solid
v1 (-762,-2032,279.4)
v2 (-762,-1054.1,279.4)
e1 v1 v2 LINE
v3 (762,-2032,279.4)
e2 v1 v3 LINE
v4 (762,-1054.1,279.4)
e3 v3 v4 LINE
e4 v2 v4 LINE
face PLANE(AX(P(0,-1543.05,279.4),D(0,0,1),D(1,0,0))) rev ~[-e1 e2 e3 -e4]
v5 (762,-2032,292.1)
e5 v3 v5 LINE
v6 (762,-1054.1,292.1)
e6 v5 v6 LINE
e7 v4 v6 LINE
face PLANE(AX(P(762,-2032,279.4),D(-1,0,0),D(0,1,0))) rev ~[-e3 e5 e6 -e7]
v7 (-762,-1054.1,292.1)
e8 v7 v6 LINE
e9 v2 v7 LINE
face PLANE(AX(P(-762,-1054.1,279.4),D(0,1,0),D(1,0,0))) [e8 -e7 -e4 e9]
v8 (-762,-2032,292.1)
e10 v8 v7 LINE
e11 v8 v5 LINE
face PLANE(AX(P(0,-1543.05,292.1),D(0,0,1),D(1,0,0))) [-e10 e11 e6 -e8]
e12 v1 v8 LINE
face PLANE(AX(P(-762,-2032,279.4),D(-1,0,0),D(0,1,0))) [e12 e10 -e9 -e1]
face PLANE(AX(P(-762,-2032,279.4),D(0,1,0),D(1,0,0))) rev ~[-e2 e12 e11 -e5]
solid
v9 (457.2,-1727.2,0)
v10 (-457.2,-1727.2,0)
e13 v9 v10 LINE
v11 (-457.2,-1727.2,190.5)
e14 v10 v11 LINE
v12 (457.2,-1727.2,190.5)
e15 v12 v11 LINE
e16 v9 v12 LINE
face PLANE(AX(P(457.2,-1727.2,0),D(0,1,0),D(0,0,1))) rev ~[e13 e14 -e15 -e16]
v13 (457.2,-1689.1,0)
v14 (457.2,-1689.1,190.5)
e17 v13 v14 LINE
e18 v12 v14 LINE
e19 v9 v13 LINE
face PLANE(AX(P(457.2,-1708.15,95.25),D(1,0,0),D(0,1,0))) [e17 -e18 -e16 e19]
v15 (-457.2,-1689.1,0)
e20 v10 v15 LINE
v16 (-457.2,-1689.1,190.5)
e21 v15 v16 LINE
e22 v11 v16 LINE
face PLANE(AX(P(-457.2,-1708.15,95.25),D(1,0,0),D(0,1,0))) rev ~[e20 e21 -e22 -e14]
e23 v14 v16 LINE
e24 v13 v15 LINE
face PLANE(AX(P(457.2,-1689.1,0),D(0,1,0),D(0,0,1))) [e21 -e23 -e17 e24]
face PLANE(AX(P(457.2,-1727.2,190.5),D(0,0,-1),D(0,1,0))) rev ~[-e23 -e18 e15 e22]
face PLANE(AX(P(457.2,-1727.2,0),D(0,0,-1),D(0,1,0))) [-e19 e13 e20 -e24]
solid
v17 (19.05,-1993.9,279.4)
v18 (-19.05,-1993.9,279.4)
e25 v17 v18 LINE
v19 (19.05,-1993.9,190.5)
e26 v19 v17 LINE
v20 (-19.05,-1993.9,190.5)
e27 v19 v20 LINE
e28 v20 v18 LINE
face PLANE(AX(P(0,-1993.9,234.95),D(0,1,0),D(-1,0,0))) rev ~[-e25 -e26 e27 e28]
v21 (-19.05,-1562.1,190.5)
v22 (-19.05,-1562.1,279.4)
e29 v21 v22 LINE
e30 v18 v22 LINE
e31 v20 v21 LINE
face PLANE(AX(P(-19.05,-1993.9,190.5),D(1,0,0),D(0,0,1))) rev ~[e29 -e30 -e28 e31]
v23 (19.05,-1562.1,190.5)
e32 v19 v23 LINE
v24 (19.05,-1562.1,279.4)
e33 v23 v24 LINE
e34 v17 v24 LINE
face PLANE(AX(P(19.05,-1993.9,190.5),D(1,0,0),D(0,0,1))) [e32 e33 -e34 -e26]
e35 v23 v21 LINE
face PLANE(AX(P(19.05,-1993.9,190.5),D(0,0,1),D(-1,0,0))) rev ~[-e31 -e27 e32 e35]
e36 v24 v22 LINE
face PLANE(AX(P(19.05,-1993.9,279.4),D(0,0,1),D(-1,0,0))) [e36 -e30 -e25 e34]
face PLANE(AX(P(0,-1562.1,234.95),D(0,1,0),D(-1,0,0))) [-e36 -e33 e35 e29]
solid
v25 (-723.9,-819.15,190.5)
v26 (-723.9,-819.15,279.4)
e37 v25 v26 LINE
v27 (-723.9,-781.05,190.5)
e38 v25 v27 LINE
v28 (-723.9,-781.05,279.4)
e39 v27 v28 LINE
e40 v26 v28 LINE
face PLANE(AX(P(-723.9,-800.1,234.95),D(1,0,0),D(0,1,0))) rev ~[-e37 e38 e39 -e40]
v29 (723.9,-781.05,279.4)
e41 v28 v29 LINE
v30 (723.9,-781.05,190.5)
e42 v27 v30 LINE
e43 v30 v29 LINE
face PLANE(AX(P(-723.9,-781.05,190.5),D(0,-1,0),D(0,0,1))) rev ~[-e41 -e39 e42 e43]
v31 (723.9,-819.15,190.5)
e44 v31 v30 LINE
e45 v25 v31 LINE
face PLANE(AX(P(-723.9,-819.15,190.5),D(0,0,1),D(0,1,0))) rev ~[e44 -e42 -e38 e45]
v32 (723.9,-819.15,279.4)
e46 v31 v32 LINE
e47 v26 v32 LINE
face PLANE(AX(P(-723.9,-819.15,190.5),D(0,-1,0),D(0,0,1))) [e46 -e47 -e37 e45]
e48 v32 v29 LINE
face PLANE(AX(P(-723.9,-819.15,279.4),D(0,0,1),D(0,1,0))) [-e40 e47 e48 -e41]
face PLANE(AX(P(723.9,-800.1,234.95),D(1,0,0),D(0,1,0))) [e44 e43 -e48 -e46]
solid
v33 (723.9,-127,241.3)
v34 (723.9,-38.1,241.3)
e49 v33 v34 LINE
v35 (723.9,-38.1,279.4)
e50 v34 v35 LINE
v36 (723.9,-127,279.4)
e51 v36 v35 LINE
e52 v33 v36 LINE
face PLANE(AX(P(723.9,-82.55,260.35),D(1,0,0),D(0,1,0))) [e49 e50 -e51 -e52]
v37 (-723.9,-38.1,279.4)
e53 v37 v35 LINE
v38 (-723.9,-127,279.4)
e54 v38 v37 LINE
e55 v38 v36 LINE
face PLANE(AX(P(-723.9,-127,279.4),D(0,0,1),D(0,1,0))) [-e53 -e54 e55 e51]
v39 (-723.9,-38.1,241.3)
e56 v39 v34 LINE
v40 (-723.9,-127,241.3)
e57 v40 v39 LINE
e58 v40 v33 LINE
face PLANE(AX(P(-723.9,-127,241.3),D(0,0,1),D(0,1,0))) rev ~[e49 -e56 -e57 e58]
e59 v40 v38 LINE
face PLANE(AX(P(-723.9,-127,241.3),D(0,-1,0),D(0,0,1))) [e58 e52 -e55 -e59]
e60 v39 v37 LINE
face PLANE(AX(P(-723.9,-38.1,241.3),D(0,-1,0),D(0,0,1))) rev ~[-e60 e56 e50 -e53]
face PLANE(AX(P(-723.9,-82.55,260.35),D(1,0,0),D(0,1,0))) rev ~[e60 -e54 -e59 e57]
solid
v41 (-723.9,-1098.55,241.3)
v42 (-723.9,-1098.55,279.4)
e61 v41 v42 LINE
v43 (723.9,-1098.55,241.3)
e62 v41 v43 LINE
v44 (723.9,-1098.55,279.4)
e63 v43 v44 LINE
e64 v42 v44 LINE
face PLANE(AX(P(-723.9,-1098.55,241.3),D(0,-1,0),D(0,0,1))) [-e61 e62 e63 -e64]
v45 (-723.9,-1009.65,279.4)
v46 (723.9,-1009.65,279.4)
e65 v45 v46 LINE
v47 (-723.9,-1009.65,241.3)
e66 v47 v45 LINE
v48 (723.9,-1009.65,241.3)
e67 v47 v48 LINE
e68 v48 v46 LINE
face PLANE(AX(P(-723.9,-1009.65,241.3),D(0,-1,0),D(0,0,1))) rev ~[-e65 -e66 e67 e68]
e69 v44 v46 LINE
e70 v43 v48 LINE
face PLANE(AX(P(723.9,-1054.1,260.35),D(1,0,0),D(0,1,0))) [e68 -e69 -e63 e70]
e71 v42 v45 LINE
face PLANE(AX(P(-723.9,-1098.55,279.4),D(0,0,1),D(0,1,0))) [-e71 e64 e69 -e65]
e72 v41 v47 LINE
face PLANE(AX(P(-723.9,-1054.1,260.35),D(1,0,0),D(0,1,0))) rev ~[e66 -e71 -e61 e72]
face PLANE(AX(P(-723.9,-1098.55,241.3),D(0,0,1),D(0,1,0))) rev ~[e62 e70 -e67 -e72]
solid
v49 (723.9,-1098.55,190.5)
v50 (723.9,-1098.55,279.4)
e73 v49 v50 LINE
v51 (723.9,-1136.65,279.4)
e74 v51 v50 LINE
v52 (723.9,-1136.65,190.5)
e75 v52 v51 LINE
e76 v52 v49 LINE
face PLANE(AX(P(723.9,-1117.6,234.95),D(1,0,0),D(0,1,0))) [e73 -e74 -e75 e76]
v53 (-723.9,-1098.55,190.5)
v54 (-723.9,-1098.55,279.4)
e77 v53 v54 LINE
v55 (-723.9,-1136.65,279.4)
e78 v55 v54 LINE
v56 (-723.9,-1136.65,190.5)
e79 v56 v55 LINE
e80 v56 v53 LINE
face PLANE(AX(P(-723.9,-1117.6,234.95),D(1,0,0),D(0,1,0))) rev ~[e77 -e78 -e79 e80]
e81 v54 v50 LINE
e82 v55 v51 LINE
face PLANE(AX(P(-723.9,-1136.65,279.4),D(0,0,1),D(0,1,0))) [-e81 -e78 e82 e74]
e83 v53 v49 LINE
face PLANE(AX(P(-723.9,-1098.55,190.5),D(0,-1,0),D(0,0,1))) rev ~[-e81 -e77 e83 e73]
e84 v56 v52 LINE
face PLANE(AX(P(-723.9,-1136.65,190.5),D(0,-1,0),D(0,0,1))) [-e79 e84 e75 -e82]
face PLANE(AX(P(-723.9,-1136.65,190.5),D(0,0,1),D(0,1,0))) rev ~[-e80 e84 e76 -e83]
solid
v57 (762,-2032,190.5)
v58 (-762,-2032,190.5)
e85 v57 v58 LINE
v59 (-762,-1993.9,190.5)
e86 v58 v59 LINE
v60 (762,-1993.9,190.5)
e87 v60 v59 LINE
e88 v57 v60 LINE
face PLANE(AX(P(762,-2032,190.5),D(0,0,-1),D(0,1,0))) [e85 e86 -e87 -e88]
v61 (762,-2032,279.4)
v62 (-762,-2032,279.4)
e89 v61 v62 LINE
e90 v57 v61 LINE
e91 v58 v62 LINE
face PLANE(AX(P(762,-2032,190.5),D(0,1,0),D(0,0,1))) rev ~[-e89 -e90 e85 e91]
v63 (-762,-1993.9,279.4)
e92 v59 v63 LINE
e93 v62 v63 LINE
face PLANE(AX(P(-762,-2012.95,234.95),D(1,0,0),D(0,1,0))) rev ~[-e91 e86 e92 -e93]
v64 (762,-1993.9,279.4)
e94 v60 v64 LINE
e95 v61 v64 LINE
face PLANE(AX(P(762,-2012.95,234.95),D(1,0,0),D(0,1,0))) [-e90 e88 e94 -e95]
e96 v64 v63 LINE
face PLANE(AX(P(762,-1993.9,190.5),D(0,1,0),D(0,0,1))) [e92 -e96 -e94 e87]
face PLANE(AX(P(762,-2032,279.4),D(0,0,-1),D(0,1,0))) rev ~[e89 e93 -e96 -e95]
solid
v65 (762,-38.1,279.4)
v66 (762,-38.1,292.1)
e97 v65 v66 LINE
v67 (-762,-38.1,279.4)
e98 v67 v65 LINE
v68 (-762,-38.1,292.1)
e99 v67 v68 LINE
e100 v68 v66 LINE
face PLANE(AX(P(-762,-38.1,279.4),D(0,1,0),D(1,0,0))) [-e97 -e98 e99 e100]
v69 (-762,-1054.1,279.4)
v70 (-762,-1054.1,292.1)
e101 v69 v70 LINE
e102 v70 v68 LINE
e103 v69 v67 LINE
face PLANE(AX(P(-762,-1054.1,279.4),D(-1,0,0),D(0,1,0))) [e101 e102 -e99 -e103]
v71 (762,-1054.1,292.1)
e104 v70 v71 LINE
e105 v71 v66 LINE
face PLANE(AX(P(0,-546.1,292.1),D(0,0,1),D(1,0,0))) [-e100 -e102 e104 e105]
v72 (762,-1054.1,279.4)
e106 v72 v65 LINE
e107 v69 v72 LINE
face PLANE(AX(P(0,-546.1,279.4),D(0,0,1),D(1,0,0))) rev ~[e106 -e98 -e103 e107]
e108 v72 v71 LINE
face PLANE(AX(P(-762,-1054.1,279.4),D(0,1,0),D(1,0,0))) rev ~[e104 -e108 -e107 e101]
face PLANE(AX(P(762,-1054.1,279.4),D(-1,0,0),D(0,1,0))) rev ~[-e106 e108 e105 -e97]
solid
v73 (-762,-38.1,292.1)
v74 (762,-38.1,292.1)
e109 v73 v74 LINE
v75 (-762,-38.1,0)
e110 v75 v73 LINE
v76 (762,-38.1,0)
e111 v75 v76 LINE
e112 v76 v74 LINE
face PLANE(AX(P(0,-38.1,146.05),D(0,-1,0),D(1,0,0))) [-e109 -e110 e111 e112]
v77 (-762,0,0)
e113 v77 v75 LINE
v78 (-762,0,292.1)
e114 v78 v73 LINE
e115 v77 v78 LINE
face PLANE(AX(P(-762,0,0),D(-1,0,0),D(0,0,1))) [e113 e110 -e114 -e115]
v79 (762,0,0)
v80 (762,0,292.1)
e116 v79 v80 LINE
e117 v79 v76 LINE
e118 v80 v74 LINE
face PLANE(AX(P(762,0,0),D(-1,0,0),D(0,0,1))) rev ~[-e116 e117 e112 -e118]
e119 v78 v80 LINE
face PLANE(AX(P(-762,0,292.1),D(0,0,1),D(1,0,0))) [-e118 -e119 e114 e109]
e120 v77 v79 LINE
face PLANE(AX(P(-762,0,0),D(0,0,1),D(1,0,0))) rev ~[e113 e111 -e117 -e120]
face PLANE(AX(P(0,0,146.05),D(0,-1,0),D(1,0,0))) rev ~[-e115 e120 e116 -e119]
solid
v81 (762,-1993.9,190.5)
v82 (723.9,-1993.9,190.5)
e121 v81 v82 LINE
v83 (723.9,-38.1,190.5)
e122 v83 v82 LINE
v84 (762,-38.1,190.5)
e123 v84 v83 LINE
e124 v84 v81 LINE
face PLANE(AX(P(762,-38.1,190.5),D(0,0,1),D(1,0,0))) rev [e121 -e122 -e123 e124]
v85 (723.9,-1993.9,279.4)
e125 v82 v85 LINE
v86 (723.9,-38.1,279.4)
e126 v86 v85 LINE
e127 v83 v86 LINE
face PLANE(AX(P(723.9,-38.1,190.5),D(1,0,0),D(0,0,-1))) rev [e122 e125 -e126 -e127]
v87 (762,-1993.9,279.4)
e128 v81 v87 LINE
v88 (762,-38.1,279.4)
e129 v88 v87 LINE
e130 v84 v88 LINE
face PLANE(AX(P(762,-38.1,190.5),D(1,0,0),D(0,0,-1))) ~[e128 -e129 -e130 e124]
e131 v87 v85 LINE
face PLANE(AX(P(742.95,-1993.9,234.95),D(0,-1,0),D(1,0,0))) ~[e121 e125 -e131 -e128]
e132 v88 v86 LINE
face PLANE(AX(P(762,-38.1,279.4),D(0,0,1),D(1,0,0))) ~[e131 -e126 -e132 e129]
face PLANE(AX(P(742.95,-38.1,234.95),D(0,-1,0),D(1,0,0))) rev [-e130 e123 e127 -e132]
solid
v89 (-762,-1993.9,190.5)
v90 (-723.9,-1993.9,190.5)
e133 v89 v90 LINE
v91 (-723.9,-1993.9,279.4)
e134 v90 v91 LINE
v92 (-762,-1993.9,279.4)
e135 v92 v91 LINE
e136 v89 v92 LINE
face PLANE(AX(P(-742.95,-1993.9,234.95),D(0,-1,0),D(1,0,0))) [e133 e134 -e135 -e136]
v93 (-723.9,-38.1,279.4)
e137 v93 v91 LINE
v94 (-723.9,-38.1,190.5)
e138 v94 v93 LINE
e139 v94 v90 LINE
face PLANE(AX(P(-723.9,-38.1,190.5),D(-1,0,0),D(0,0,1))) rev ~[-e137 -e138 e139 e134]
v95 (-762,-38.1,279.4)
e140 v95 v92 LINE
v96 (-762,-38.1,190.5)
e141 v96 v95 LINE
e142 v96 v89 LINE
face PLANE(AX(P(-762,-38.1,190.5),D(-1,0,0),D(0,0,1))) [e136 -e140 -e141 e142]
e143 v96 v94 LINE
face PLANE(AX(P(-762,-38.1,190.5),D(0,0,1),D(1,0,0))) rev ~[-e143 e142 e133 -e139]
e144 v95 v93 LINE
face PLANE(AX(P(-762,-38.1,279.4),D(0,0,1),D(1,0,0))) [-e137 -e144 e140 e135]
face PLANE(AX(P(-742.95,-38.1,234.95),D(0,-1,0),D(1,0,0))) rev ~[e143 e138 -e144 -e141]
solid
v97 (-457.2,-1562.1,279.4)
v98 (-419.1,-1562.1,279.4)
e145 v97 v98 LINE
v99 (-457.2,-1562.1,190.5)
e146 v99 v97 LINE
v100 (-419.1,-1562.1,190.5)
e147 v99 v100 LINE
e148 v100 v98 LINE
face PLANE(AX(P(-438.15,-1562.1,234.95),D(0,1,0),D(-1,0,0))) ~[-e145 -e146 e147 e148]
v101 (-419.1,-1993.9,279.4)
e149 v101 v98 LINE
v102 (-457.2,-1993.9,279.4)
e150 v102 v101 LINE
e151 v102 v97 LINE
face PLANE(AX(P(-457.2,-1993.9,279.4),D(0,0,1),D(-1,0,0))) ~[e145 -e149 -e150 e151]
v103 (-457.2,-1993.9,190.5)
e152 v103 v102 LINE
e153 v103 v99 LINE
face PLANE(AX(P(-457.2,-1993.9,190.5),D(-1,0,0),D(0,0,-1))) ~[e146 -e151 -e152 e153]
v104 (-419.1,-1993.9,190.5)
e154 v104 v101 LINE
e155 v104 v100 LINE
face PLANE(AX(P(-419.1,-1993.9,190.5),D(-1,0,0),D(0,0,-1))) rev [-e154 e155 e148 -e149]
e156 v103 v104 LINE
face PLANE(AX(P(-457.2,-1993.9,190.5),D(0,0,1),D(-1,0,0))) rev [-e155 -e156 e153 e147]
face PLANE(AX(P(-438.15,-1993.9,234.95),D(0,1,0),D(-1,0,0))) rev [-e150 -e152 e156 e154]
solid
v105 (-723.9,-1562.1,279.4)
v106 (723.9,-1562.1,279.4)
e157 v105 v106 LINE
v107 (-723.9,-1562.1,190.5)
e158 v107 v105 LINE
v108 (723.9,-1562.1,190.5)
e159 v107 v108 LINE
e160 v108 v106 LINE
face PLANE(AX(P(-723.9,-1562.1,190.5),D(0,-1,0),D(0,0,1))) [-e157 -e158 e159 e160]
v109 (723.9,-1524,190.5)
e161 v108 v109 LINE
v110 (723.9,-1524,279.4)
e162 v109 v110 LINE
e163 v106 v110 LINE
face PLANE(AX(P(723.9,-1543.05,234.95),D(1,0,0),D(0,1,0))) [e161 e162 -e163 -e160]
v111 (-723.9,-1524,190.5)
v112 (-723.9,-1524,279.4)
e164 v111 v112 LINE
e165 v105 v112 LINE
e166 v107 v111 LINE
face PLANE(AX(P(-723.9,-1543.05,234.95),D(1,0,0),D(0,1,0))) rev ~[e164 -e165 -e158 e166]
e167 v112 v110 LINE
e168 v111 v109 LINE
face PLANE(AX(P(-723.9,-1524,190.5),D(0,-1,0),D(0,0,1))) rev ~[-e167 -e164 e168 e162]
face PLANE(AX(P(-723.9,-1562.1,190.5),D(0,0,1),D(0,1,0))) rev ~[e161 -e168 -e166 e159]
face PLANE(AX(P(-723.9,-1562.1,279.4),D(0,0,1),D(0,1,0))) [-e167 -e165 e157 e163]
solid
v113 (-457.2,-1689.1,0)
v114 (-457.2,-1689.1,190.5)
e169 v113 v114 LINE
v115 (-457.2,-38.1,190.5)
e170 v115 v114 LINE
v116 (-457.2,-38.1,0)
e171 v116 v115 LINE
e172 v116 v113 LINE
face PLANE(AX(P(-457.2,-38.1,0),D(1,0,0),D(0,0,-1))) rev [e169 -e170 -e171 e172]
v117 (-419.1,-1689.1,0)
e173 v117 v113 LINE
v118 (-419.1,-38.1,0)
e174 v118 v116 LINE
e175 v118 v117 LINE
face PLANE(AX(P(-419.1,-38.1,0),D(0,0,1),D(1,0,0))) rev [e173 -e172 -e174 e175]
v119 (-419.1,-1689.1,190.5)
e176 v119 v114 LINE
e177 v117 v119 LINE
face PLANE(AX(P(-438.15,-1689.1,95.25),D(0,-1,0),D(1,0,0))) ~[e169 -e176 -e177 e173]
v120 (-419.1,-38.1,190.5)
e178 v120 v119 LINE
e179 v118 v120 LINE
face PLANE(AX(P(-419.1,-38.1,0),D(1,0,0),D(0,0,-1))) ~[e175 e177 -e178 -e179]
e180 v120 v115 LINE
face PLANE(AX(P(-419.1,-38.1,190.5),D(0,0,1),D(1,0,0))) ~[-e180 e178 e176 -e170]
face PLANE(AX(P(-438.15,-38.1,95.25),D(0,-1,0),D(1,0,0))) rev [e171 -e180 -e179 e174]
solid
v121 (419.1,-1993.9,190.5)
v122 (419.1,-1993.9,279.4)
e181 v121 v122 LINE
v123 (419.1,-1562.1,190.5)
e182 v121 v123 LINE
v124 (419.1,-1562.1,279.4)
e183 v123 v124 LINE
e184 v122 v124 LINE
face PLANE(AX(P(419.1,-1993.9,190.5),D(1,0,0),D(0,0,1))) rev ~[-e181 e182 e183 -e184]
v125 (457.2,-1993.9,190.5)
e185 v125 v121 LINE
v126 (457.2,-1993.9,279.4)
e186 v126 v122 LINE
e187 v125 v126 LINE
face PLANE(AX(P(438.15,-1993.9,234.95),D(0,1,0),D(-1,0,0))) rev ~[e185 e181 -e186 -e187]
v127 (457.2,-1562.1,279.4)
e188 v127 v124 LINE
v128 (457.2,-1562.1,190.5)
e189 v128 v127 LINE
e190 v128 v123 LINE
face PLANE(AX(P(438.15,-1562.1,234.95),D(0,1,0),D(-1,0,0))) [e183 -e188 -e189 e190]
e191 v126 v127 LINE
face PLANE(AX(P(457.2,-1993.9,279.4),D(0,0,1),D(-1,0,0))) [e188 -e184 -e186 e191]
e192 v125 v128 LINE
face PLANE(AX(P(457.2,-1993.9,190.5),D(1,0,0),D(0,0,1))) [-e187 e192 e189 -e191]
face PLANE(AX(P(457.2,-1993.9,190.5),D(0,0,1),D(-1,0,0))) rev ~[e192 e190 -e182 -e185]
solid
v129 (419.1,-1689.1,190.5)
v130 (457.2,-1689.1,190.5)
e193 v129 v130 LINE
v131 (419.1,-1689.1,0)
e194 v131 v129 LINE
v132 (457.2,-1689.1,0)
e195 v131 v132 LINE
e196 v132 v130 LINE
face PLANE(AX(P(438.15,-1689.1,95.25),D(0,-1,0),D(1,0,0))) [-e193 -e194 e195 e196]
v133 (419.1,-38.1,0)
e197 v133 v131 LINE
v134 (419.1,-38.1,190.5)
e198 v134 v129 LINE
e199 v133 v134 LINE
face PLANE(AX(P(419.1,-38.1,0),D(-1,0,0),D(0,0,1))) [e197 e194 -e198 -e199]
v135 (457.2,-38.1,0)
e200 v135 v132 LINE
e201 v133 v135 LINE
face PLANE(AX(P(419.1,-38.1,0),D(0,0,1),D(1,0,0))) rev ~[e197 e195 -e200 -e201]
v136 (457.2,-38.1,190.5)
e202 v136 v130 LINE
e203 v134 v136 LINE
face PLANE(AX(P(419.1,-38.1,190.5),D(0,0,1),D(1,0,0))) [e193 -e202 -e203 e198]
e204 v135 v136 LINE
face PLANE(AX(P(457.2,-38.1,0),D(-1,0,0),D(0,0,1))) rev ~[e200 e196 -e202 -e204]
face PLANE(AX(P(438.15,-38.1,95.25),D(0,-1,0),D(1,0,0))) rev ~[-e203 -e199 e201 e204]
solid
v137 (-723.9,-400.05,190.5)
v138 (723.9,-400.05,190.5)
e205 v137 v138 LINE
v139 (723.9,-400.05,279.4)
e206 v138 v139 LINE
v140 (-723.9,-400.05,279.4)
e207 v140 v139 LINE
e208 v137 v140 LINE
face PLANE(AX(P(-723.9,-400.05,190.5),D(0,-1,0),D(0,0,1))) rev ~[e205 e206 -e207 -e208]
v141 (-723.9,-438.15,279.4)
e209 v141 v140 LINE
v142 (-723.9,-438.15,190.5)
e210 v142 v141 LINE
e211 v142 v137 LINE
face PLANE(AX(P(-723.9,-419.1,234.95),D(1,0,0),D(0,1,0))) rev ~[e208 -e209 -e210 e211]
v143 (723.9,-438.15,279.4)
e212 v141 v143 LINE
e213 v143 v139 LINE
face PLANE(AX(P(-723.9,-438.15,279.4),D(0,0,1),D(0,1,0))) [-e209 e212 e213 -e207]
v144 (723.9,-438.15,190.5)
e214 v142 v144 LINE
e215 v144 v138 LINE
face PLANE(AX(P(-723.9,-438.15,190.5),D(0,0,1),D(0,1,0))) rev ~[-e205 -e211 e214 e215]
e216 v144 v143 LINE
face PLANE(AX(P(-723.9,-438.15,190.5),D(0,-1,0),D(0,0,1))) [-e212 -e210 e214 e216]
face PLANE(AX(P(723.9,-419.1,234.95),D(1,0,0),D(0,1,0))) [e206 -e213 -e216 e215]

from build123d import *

# Parameters (mm, degrees)
F0_W      = 1524
F0_H      = 292.1
F1_DEPTH  = 38.1
F2_W      = 38.1
F2_H      = 190.5
F3_DEPTH  = 1651
F5_W      = 38.1
F5_H      = 190.5
F6_DEPTH  = 914.4
F7_W      = 38.1
F7_H      = 88.9
F8_DEPTH  = 1955.8
F10_W     = 38.1
F10_H     = 88.9
F11_DEPTH = 1524
F12_W     = 38.1
F12_H     = 88.9
F13_DEPTH = 431.8
F15_W     = 38.1
F15_H     = 88.9
F16_DEPTH = 431.8
F17_W     = 38.1
F17_H     = 88.9
F18_DEPTH = 1447.8
F19_W     = 88.9
F19_H     = 38.1
F20_DEPTH = 1447.8
F21_W     = 38.1
F21_H     = 88.9
F22_DEPTH = 1447.8
F23_W     = 88.9
F23_H     = 38.1
F24_DEPTH = 1447.8
F25_W     = 38.1
F25_H     = 88.9
F26_DEPTH = 1447.8
F27_W     = 38.1
F27_H     = 88.9
F28_DEPTH = 1447.8
F29_W     = 1524
F29_H     = 977.9
F30_DEPTH = 12.7
F31_W     = 1524
F31_H     = 1016
F32_DEPTH = 12.7


with BuildPart() as f1:
    # F0 (on Front) → F1 (new body)
    with BuildSketch(Plane.XZ):
        with Locations((0, 146.05)):
            Rectangle(F0_W, F0_H)
    extrude(amount=F1_DEPTH)


with BuildPart() as f3:
    # F2 (on face) → F3 (new body)
    with BuildSketch(Plane.XZ.offset(38.1)):
        with Locations((438.15, 95.25)):
            Rectangle(F2_W, F2_H)
    extrude(amount=F3_DEPTH)


with BuildPart() as f4_1:
    # F4: instance of F3
    add(f3.part.mirror(Plane.YZ))


with BuildPart() as f6:
    # F5 (on face) → F6 (new body)
    with BuildSketch(Plane.YZ.offset(457.2)):
        with Locations((-1708.15, 95.25)):
            Rectangle(F5_W, F5_H)
    extrude(amount=-F6_DEPTH)


with BuildPart() as f8:
    # F7 (on face) → F8 (new body)
    with BuildSketch(Plane.XZ.offset(38.1)):
        with Locations((-742.95, 234.95)):
            Rectangle(F7_W, F7_H)
    extrude(amount=F8_DEPTH)


with BuildPart() as f9_1:
    # F9: instance of F8
    add(f8.part.mirror(Plane.YZ))


with BuildPart() as f11:
    # F10 (on face) → F11 (new body)
    with BuildSketch(Plane.YZ.offset(762)):
        with Locations((-2012.95, 234.95)):
            Rectangle(F10_W, F10_H)
    extrude(amount=-F11_DEPTH)


with BuildPart() as f13:
    # F12 (on face) → F13 (new body)
    with BuildSketch(Plane(origin=(0, -1993.9, 0), x_dir=(-1, 0, 0), z_dir=(0, 1, 0))):
        with Locations((-438.15, 234.95)):
            Rectangle(F12_W, F12_H)
    extrude(amount=F13_DEPTH)


with BuildPart() as f14_1:
    # F14: instance of F13
    add(f13.part.mirror(Plane.YZ))


with BuildPart() as f16:
    # F15 (on face) → F16 (new body)
    with BuildSketch(Plane(origin=(0, -1993.9, 0), x_dir=(-1, 0, 0), z_dir=(0, 1, 0))):
        with Locations((0, 234.95)):
            Rectangle(F15_W, F15_H)
    extrude(amount=F16_DEPTH)


with BuildPart() as f18:
    # F17 (on face) → F18 (new body)
    with BuildSketch(Plane.YZ.offset(-723.9)):
        with Locations((-1543.05, 234.95)):
            Rectangle(F17_W, F17_H)
    extrude(amount=F18_DEPTH)


with BuildPart() as f20:
    # F19 (on face) → F20 (new body)
    with BuildSketch(Plane.YZ.offset(-723.9)):
        with Locations((-1054.1, 260.35)):
            Rectangle(F19_W, F19_H)
    extrude(amount=F20_DEPTH)


with BuildPart() as f22:
    # F21 (on face) → F22 (new body)
    with BuildSketch(Plane.YZ.offset(-723.9)):
        with Locations((-1117.6, 234.95)):
            Rectangle(F21_W, F21_H)
    extrude(amount=F22_DEPTH)


with BuildPart() as f24:
    # F23 (on face) → F24 (new body)
    with BuildSketch(Plane.YZ.offset(-723.9)):
        with Locations((-82.55, 260.35)):
            Rectangle(F23_W, F23_H)
    extrude(amount=F24_DEPTH)


with BuildPart() as f26:
    # F25 (on face) → F26 (new body)
    with BuildSketch(Plane.YZ.offset(-723.9)):
        with Locations((-800.1, 234.95)):
            Rectangle(F25_W, F25_H)
    extrude(amount=F26_DEPTH)


with BuildPart() as f28:
    # F27 (on face) → F28 (new body)
    with BuildSketch(Plane.YZ.offset(-723.9)):
        with Locations((-419.1, 234.95)):
            Rectangle(F27_W, F27_H)
    extrude(amount=F28_DEPTH)


with BuildPart() as f30:
    # F29 (on face) → F30 (new body)
    with BuildSketch(Plane.XY.offset(279.4)):
        with Locations((0, -1543.05)):
            Rectangle(F29_W, F29_H)
    extrude(amount=F30_DEPTH)


with BuildPart() as f32:
    # F31 (on face) → F32 (new body)
    with BuildSketch(Plane.XY.offset(279.4)):
        with Locations((0, -546.1)):
            Rectangle(F31_W, F31_H)
    extrude(amount=F32_DEPTH)


solid = Compound([f1.part, f3.part, f4_1.part, f6.part, f8.part, f9_1.part, f11.part, f13.part, f14_1.part, f16.part, f18.part, f20.part, f22.part, f24.part, f26.part, f28.part, f30.part, f32.part])
